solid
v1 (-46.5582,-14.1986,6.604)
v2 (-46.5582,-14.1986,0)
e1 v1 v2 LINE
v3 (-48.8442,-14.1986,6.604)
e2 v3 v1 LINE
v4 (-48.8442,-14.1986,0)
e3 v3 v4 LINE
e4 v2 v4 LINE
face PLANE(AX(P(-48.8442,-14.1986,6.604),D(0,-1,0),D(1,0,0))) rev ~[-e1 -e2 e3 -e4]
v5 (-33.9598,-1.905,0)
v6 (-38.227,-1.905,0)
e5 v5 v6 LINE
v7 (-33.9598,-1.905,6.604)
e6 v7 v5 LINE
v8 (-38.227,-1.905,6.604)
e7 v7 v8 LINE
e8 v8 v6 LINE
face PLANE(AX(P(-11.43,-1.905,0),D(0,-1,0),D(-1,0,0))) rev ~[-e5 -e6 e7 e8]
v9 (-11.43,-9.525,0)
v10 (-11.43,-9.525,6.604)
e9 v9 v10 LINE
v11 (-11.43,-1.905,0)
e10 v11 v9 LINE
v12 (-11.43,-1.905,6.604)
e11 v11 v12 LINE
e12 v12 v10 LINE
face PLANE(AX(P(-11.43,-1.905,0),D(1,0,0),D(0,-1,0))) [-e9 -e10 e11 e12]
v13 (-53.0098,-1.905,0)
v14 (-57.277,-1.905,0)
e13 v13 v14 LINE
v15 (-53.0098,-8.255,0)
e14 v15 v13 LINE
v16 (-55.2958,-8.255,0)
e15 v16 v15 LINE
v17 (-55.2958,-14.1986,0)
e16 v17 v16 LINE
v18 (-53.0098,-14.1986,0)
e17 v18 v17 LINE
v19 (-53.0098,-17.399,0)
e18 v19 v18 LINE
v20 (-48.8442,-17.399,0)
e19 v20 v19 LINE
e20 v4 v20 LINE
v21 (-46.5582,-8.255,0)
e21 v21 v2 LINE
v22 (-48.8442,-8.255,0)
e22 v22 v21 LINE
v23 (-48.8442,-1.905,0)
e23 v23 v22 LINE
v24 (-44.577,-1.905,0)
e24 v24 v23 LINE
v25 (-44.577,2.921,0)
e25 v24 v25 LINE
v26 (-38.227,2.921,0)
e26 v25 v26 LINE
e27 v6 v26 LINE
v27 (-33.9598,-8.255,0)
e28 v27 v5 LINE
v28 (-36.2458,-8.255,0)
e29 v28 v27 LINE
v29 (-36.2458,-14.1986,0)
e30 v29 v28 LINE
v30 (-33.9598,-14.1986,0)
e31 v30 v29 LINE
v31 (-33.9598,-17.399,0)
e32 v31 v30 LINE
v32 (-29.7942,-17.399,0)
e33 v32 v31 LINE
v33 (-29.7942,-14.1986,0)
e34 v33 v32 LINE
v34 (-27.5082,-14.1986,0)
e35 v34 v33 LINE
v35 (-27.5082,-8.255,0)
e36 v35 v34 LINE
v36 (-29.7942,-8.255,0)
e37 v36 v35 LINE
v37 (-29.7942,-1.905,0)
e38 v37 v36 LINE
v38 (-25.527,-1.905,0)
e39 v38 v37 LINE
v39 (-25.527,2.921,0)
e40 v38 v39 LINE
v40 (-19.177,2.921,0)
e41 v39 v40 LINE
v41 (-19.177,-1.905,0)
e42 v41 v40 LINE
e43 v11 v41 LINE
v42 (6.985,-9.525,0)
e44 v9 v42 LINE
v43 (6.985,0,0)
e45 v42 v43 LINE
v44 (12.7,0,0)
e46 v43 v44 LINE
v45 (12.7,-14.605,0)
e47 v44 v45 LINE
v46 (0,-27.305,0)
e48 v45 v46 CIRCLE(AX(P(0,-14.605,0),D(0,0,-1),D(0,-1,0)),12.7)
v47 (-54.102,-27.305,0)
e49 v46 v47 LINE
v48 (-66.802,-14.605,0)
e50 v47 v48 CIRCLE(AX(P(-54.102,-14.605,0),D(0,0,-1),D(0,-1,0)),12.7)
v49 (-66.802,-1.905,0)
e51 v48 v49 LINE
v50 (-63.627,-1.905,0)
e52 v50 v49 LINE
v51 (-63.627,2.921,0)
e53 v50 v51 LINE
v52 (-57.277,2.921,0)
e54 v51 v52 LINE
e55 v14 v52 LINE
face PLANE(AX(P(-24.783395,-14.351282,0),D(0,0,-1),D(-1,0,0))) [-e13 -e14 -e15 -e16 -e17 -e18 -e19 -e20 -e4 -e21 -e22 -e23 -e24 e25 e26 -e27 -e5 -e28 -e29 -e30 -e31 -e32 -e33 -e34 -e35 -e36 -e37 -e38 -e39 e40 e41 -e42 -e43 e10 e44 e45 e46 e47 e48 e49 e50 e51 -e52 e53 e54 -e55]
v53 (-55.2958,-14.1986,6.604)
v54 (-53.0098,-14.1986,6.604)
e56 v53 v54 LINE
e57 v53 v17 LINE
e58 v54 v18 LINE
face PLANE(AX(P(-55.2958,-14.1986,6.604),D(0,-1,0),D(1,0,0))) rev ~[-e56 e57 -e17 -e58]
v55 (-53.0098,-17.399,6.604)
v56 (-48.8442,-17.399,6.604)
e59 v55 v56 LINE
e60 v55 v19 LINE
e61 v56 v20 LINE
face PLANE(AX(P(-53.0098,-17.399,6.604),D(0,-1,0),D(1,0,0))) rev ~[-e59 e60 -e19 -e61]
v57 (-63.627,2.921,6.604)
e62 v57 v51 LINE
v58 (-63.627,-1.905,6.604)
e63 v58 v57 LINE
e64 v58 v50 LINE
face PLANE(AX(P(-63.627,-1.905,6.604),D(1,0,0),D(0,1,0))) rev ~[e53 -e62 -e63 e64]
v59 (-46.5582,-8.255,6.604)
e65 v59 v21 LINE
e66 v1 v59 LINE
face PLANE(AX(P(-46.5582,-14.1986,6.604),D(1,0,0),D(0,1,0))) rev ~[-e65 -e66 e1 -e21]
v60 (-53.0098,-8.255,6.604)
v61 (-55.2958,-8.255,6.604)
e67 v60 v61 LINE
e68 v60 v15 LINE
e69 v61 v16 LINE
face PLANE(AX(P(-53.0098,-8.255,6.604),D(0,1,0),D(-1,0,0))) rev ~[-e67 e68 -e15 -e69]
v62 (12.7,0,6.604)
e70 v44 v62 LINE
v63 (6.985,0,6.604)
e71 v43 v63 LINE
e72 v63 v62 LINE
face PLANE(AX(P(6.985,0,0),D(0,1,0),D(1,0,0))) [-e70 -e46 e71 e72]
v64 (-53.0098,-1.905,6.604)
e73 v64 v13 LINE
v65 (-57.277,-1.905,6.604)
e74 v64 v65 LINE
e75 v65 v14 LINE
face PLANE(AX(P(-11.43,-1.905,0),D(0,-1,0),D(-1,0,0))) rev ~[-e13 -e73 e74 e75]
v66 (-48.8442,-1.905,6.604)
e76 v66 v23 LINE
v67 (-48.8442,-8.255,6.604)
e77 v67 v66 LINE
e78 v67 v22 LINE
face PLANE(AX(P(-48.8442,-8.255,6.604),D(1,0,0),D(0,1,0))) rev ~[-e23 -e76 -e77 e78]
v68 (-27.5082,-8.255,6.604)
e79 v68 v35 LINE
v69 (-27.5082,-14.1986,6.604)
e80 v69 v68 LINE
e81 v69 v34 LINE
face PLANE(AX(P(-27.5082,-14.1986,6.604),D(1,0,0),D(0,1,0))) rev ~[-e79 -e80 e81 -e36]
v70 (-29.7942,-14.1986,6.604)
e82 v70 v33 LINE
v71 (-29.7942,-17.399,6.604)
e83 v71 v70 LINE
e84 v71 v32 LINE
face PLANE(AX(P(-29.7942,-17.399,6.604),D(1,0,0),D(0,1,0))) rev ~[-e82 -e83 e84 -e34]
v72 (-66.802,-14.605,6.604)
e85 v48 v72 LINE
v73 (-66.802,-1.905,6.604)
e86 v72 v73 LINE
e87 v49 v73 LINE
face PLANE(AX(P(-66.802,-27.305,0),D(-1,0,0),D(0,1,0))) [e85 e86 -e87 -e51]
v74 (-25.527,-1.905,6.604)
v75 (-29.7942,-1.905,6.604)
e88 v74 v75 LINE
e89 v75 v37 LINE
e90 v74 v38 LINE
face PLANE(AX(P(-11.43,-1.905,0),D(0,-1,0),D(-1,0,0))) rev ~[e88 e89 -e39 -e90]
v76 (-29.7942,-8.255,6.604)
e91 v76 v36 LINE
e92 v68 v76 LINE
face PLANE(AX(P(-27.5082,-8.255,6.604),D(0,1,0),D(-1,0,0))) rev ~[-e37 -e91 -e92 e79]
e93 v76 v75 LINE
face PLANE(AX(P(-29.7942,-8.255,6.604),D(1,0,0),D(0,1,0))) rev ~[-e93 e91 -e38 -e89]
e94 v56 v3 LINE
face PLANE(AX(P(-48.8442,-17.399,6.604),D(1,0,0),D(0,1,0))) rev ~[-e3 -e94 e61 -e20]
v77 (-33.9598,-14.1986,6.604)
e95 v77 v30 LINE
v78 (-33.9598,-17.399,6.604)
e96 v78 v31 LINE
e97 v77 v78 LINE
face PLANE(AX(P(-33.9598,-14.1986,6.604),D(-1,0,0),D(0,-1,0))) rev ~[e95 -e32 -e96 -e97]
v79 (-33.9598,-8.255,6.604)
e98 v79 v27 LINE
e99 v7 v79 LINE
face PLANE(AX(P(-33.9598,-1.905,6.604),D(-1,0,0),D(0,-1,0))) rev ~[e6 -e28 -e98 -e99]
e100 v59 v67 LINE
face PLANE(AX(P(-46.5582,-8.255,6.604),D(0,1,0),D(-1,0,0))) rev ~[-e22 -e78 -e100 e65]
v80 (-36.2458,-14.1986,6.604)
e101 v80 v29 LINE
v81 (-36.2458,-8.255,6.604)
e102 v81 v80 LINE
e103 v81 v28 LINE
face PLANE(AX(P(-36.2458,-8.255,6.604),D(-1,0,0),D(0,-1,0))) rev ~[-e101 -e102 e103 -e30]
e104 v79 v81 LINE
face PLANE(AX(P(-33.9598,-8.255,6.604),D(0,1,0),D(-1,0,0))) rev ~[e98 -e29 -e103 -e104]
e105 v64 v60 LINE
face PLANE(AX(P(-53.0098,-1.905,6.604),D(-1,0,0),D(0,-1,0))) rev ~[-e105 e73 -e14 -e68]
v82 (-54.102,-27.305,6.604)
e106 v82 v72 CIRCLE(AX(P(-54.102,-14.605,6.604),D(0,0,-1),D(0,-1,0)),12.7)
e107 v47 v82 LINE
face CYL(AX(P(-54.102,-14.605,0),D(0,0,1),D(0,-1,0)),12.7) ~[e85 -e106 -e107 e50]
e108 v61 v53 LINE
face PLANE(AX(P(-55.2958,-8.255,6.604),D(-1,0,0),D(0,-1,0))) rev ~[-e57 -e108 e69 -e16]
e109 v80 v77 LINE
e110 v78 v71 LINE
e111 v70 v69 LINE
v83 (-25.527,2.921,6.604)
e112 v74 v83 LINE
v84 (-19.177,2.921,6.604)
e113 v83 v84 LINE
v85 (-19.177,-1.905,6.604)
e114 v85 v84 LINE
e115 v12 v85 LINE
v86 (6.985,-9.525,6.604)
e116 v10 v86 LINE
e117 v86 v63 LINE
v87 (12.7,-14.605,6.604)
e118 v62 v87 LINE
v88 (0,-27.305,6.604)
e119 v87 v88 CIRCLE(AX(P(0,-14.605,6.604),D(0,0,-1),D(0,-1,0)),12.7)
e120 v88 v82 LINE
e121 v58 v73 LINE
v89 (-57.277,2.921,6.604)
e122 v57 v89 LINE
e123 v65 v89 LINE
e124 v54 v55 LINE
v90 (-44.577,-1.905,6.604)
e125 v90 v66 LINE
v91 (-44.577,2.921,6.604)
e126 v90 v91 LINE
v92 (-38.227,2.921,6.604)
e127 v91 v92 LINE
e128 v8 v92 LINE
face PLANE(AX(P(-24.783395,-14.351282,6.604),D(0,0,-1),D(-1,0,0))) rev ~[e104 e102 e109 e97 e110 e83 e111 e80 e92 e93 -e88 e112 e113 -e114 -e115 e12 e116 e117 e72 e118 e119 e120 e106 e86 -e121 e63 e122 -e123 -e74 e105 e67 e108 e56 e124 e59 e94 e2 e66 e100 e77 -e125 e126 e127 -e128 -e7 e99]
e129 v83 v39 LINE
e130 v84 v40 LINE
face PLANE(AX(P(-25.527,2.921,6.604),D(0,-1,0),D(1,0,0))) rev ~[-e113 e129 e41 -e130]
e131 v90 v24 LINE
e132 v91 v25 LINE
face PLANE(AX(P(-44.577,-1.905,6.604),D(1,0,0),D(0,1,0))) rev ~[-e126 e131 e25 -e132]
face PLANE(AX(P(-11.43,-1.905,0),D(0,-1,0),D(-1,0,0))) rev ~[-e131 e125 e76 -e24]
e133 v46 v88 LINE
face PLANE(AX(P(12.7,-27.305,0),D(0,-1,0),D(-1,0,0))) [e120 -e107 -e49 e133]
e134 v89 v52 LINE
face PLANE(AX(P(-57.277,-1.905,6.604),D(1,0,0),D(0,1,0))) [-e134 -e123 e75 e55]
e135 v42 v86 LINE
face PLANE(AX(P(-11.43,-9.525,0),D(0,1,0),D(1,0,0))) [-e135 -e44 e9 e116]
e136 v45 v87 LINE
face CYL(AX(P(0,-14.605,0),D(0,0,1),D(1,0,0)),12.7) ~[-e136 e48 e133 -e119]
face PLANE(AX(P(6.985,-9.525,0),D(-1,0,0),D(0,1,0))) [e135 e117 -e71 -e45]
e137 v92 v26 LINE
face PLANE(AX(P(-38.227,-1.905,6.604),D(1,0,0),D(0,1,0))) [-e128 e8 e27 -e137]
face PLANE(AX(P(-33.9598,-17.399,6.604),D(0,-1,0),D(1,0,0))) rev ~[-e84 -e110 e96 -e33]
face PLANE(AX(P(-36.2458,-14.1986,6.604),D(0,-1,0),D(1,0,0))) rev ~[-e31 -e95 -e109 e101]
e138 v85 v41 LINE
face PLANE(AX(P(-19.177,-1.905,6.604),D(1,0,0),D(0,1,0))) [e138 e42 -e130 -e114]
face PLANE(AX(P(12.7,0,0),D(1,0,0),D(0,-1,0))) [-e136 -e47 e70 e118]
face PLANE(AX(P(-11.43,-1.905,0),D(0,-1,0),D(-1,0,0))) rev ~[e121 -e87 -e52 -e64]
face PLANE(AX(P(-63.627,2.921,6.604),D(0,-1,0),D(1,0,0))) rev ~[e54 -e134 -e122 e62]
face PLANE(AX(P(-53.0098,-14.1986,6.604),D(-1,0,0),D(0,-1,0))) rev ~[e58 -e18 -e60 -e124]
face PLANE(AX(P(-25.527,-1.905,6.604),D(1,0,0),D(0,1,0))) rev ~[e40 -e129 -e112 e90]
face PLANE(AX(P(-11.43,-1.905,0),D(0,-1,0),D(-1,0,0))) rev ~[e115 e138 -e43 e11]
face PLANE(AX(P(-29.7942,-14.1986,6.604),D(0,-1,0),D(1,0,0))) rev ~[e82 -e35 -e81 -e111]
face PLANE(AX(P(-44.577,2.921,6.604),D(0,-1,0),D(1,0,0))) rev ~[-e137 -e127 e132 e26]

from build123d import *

# Parameters (mm, degrees)
BOSS_EXTRUDE1_DEPTH = 6.604
FILLET1_R           = 12.7
CUT_EXTRUDE1_DEPTH  = 7.604
SKETCH3_W           = 6.35
SKETCH3_H           = 4.826
BOSS_EXTRUDE2_DEPTH = 6.604


with BuildPart() as part:
    # Sketch1 → Boss-Extrude1 (new body)
    with BuildSketch(Plane.XY):
        Polygon((-11.43, -1.905), (-11.43, -9.525), (6.985, -9.525), (6.985, 0), (12.7, 0), (12.7, -27.305), (-66.802, -27.305), (-66.802, -1.905), (-12.827, -1.905), align=None)
    extrude(amount=BOSS_EXTRUDE1_DEPTH)

    # Fillet1
    fillet1_edges = [part.edges().sort_by_distance(p)[0] for p in [
        (12.7, -27.305, 3.302),
        (-66.802, -27.305, 3.302),
    ]]
    fillet(fillet1_edges, radius=FILLET1_R)

    # Sketch2 → Cut-Extrude1 (cut, through all)
    with BuildSketch(Plane.XY.offset(6.604)):
        Polygon((-53.0098, -1.905), (-53.0098, -8.255), (-55.2958, -8.255), (-55.2958, -14.1986), (-53.0098, -14.1986), (-53.0098, -17.399), (-48.8442, -17.399), (-48.8442, -14.1986), (-46.5582, -14.1986), (-46.5582, -8.255), (-48.8442, -8.255), (-48.8442, -1.905), align=None)
        Polygon((-33.9598, -1.905), (-33.9598, -8.255), (-36.2458, -8.255), (-36.2458, -14.1986), (-33.9598, -14.1986), (-33.9598, -17.399), (-29.7942, -17.399), (-29.7942, -14.1986), (-27.5082, -14.1986), (-27.5082, -8.255), (-29.7942, -8.255), (-29.7942, -1.905), align=None)
    extrude(amount=-CUT_EXTRUDE1_DEPTH, mode=Mode.SUBTRACT)

    # Sketch3 → Boss-Extrude2 (add)
    with BuildSketch(Plane.XY.offset(6.604)):
        with Locations((-60.452, 0.508)):
            Rectangle(SKETCH3_W, SKETCH3_H)
        with Locations((-41.402, 0.508)):
            Rectangle(SKETCH3_W, SKETCH3_H)
        with Locations((-22.352, 0.508)):
            Rectangle(SKETCH3_W, SKETCH3_H)
    extrude(amount=-BOSS_EXTRUDE2_DEPTH)


solid = part.part
